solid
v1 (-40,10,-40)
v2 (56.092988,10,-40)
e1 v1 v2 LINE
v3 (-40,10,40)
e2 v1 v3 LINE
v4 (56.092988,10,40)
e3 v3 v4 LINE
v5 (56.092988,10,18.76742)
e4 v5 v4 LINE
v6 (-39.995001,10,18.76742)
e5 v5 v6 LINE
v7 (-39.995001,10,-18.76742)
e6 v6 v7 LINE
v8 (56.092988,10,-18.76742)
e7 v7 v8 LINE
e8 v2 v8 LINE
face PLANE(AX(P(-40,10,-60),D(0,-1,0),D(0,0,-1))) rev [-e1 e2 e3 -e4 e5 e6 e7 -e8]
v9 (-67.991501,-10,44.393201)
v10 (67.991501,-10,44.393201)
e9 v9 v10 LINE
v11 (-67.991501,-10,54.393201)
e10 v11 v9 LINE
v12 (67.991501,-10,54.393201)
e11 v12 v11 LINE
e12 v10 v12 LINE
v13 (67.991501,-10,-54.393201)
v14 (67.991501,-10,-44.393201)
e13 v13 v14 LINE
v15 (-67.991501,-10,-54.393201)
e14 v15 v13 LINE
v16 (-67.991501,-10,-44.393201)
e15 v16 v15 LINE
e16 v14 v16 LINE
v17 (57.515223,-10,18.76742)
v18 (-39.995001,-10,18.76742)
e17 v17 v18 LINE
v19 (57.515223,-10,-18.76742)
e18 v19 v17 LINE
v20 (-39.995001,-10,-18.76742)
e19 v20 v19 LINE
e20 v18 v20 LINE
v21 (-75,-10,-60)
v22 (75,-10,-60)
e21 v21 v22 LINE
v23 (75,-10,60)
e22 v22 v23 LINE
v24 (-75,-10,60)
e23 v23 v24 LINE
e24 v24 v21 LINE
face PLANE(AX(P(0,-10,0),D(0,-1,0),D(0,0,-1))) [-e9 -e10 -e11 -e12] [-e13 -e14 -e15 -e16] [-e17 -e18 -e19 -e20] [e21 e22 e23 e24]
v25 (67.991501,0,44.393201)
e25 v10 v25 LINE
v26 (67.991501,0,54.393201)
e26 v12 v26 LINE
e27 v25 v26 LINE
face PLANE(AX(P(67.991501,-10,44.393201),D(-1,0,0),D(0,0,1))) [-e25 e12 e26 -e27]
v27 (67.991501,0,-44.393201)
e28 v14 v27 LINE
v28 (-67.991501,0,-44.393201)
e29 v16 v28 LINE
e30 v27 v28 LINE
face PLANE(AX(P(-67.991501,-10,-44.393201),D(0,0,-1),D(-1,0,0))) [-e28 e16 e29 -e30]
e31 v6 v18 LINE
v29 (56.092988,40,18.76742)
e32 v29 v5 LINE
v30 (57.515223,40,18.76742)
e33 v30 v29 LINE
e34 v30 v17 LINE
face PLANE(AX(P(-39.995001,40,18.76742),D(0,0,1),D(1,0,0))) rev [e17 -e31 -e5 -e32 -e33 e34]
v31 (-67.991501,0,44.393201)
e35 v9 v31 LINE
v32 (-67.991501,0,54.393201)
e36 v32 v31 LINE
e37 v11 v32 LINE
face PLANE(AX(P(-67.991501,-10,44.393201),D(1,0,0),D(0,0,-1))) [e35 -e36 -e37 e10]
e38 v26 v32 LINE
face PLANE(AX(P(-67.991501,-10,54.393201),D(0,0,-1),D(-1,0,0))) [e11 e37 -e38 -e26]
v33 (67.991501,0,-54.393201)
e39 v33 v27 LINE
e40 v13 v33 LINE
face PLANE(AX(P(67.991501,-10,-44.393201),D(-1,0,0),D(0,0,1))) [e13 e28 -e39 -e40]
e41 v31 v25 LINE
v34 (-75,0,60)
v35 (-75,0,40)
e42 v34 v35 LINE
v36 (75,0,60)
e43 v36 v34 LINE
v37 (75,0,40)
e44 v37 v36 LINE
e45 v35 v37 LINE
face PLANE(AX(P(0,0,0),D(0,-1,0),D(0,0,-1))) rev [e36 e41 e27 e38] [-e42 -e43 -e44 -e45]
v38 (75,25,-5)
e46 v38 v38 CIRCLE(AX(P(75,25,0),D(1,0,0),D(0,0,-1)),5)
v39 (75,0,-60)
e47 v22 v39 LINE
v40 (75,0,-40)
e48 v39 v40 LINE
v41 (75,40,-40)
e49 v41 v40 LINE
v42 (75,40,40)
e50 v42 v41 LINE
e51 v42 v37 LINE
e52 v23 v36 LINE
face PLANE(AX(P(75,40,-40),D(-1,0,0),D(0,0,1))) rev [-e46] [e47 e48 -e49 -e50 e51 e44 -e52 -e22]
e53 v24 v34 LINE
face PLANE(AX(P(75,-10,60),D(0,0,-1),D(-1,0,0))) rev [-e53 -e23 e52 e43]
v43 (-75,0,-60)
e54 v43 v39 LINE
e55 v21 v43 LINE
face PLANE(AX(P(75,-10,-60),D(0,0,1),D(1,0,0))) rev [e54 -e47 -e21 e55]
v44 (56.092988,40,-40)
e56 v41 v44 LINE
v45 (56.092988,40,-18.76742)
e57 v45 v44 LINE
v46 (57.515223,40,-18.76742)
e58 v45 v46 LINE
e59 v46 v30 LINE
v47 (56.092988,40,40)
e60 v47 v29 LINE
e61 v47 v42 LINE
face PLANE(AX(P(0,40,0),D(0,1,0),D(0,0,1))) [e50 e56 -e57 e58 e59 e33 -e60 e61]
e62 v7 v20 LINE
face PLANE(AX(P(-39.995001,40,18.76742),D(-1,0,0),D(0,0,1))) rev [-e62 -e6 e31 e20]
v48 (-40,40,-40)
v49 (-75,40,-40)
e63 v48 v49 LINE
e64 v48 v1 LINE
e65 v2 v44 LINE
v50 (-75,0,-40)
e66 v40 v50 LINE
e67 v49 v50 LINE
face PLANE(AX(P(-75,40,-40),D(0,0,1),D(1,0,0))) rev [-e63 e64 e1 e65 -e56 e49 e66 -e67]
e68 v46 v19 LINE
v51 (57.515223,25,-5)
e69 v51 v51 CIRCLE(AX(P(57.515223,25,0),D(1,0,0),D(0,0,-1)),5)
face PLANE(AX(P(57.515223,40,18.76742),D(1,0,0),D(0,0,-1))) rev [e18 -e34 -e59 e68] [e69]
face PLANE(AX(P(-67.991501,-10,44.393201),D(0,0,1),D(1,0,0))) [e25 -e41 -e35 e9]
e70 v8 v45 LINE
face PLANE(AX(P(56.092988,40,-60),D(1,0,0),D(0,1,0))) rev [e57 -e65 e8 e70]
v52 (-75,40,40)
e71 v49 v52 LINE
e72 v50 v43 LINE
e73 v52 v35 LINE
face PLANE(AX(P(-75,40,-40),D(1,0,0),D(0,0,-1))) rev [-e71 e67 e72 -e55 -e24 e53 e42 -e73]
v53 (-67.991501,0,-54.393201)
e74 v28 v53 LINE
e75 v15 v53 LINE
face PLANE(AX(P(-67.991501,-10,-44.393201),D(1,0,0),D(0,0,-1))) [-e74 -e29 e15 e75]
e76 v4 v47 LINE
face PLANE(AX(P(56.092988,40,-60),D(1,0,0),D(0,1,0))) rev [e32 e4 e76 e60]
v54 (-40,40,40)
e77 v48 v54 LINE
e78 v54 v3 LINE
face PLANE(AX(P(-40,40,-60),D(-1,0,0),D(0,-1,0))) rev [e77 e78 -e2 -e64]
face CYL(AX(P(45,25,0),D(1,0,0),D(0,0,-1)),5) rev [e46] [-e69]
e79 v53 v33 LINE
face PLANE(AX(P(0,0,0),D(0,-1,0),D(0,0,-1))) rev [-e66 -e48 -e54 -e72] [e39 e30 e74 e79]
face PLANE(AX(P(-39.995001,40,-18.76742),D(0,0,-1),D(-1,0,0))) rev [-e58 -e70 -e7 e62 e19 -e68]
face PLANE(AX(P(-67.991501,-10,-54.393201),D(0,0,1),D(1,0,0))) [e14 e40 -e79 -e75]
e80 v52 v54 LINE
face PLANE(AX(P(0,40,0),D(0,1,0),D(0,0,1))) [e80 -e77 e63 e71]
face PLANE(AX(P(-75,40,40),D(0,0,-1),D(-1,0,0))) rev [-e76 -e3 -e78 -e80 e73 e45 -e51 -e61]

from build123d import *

# Parameters (mm, degrees)
SKETCH_1_W          = 150
SKETCH_1_H          = 80
EXTRUDE_1_DEPTH     = 40
SKETCH_2_W          = 150
SKETCH_2_H          = 120
SKETCH_2_W_2        = 135.983002124
SKETCH_2_H_2        = 10
EXTRUDE_2_DEPTH     = 10
SKETCH_3_W          = 96.092988376
SKETCH_3_H          = 30
CUT_EXTRUDE_1_DEPTH = 101
SKETCH_5_W          = 97.510223457
SKETCH_5_H          = 37.534840072
CUT_EXTRUDE_2_DEPTH = 51
SKETCH_6_R          = 5
CUT_EXTRUDE_3_DEPTH = 30


with BuildPart() as part:
    # Эскиз1 → Бобышка-Вытянуть1 (new body)
    with BuildSketch(Plane(origin=(0, 0, 0), x_dir=(1, 0, 0), z_dir=(0, 1, 0))):
        Rectangle(SKETCH_1_W, SKETCH_1_H)
    extrude(amount=EXTRUDE_1_DEPTH)

    # Эскиз2 → Бобышка-Вытянуть2 (add)
    with BuildSketch(Plane.XZ):
        Rectangle(SKETCH_2_W, SKETCH_2_H)
        with Locations((0, 49.39320085)):
            Rectangle(SKETCH_2_W_2, SKETCH_2_H_2, mode=Mode.SUBTRACT)
        with Locations((0, -49.39320085)):
            Rectangle(SKETCH_2_W_2, SKETCH_2_H_2, mode=Mode.SUBTRACT)
    extrude(amount=EXTRUDE_2_DEPTH)

    # Эскиз3 → Вырез-Вытянуть1 (cut, through all)
    with BuildSketch(Plane.XY.offset(40)):
        with Locations((8.046494188, 25)):
            Rectangle(SKETCH_3_W, SKETCH_3_H)
    extrude(amount=-CUT_EXTRUDE_1_DEPTH, mode=Mode.SUBTRACT)

    # Эскиз5 → Вырез-Вытянуть2 (cut, through all)
    with BuildSketch(Plane.XZ.offset(10)):
        with Locations((8.760111104, 0)):
            Rectangle(SKETCH_5_W, SKETCH_5_H)
    extrude(amount=-CUT_EXTRUDE_2_DEPTH, mode=Mode.SUBTRACT)

    # Эскиз6 → Вырез-Вытянуть3 (cut)
    with BuildSketch(Plane(origin=(75, 0, 0), x_dir=(0, 0, -1), z_dir=(1, 0, 0))):
        with Locations((0, 25)):
            Circle(SKETCH_6_R)
    extrude(amount=-CUT_EXTRUDE_3_DEPTH, mode=Mode.SUBTRACT)


solid = part.part
